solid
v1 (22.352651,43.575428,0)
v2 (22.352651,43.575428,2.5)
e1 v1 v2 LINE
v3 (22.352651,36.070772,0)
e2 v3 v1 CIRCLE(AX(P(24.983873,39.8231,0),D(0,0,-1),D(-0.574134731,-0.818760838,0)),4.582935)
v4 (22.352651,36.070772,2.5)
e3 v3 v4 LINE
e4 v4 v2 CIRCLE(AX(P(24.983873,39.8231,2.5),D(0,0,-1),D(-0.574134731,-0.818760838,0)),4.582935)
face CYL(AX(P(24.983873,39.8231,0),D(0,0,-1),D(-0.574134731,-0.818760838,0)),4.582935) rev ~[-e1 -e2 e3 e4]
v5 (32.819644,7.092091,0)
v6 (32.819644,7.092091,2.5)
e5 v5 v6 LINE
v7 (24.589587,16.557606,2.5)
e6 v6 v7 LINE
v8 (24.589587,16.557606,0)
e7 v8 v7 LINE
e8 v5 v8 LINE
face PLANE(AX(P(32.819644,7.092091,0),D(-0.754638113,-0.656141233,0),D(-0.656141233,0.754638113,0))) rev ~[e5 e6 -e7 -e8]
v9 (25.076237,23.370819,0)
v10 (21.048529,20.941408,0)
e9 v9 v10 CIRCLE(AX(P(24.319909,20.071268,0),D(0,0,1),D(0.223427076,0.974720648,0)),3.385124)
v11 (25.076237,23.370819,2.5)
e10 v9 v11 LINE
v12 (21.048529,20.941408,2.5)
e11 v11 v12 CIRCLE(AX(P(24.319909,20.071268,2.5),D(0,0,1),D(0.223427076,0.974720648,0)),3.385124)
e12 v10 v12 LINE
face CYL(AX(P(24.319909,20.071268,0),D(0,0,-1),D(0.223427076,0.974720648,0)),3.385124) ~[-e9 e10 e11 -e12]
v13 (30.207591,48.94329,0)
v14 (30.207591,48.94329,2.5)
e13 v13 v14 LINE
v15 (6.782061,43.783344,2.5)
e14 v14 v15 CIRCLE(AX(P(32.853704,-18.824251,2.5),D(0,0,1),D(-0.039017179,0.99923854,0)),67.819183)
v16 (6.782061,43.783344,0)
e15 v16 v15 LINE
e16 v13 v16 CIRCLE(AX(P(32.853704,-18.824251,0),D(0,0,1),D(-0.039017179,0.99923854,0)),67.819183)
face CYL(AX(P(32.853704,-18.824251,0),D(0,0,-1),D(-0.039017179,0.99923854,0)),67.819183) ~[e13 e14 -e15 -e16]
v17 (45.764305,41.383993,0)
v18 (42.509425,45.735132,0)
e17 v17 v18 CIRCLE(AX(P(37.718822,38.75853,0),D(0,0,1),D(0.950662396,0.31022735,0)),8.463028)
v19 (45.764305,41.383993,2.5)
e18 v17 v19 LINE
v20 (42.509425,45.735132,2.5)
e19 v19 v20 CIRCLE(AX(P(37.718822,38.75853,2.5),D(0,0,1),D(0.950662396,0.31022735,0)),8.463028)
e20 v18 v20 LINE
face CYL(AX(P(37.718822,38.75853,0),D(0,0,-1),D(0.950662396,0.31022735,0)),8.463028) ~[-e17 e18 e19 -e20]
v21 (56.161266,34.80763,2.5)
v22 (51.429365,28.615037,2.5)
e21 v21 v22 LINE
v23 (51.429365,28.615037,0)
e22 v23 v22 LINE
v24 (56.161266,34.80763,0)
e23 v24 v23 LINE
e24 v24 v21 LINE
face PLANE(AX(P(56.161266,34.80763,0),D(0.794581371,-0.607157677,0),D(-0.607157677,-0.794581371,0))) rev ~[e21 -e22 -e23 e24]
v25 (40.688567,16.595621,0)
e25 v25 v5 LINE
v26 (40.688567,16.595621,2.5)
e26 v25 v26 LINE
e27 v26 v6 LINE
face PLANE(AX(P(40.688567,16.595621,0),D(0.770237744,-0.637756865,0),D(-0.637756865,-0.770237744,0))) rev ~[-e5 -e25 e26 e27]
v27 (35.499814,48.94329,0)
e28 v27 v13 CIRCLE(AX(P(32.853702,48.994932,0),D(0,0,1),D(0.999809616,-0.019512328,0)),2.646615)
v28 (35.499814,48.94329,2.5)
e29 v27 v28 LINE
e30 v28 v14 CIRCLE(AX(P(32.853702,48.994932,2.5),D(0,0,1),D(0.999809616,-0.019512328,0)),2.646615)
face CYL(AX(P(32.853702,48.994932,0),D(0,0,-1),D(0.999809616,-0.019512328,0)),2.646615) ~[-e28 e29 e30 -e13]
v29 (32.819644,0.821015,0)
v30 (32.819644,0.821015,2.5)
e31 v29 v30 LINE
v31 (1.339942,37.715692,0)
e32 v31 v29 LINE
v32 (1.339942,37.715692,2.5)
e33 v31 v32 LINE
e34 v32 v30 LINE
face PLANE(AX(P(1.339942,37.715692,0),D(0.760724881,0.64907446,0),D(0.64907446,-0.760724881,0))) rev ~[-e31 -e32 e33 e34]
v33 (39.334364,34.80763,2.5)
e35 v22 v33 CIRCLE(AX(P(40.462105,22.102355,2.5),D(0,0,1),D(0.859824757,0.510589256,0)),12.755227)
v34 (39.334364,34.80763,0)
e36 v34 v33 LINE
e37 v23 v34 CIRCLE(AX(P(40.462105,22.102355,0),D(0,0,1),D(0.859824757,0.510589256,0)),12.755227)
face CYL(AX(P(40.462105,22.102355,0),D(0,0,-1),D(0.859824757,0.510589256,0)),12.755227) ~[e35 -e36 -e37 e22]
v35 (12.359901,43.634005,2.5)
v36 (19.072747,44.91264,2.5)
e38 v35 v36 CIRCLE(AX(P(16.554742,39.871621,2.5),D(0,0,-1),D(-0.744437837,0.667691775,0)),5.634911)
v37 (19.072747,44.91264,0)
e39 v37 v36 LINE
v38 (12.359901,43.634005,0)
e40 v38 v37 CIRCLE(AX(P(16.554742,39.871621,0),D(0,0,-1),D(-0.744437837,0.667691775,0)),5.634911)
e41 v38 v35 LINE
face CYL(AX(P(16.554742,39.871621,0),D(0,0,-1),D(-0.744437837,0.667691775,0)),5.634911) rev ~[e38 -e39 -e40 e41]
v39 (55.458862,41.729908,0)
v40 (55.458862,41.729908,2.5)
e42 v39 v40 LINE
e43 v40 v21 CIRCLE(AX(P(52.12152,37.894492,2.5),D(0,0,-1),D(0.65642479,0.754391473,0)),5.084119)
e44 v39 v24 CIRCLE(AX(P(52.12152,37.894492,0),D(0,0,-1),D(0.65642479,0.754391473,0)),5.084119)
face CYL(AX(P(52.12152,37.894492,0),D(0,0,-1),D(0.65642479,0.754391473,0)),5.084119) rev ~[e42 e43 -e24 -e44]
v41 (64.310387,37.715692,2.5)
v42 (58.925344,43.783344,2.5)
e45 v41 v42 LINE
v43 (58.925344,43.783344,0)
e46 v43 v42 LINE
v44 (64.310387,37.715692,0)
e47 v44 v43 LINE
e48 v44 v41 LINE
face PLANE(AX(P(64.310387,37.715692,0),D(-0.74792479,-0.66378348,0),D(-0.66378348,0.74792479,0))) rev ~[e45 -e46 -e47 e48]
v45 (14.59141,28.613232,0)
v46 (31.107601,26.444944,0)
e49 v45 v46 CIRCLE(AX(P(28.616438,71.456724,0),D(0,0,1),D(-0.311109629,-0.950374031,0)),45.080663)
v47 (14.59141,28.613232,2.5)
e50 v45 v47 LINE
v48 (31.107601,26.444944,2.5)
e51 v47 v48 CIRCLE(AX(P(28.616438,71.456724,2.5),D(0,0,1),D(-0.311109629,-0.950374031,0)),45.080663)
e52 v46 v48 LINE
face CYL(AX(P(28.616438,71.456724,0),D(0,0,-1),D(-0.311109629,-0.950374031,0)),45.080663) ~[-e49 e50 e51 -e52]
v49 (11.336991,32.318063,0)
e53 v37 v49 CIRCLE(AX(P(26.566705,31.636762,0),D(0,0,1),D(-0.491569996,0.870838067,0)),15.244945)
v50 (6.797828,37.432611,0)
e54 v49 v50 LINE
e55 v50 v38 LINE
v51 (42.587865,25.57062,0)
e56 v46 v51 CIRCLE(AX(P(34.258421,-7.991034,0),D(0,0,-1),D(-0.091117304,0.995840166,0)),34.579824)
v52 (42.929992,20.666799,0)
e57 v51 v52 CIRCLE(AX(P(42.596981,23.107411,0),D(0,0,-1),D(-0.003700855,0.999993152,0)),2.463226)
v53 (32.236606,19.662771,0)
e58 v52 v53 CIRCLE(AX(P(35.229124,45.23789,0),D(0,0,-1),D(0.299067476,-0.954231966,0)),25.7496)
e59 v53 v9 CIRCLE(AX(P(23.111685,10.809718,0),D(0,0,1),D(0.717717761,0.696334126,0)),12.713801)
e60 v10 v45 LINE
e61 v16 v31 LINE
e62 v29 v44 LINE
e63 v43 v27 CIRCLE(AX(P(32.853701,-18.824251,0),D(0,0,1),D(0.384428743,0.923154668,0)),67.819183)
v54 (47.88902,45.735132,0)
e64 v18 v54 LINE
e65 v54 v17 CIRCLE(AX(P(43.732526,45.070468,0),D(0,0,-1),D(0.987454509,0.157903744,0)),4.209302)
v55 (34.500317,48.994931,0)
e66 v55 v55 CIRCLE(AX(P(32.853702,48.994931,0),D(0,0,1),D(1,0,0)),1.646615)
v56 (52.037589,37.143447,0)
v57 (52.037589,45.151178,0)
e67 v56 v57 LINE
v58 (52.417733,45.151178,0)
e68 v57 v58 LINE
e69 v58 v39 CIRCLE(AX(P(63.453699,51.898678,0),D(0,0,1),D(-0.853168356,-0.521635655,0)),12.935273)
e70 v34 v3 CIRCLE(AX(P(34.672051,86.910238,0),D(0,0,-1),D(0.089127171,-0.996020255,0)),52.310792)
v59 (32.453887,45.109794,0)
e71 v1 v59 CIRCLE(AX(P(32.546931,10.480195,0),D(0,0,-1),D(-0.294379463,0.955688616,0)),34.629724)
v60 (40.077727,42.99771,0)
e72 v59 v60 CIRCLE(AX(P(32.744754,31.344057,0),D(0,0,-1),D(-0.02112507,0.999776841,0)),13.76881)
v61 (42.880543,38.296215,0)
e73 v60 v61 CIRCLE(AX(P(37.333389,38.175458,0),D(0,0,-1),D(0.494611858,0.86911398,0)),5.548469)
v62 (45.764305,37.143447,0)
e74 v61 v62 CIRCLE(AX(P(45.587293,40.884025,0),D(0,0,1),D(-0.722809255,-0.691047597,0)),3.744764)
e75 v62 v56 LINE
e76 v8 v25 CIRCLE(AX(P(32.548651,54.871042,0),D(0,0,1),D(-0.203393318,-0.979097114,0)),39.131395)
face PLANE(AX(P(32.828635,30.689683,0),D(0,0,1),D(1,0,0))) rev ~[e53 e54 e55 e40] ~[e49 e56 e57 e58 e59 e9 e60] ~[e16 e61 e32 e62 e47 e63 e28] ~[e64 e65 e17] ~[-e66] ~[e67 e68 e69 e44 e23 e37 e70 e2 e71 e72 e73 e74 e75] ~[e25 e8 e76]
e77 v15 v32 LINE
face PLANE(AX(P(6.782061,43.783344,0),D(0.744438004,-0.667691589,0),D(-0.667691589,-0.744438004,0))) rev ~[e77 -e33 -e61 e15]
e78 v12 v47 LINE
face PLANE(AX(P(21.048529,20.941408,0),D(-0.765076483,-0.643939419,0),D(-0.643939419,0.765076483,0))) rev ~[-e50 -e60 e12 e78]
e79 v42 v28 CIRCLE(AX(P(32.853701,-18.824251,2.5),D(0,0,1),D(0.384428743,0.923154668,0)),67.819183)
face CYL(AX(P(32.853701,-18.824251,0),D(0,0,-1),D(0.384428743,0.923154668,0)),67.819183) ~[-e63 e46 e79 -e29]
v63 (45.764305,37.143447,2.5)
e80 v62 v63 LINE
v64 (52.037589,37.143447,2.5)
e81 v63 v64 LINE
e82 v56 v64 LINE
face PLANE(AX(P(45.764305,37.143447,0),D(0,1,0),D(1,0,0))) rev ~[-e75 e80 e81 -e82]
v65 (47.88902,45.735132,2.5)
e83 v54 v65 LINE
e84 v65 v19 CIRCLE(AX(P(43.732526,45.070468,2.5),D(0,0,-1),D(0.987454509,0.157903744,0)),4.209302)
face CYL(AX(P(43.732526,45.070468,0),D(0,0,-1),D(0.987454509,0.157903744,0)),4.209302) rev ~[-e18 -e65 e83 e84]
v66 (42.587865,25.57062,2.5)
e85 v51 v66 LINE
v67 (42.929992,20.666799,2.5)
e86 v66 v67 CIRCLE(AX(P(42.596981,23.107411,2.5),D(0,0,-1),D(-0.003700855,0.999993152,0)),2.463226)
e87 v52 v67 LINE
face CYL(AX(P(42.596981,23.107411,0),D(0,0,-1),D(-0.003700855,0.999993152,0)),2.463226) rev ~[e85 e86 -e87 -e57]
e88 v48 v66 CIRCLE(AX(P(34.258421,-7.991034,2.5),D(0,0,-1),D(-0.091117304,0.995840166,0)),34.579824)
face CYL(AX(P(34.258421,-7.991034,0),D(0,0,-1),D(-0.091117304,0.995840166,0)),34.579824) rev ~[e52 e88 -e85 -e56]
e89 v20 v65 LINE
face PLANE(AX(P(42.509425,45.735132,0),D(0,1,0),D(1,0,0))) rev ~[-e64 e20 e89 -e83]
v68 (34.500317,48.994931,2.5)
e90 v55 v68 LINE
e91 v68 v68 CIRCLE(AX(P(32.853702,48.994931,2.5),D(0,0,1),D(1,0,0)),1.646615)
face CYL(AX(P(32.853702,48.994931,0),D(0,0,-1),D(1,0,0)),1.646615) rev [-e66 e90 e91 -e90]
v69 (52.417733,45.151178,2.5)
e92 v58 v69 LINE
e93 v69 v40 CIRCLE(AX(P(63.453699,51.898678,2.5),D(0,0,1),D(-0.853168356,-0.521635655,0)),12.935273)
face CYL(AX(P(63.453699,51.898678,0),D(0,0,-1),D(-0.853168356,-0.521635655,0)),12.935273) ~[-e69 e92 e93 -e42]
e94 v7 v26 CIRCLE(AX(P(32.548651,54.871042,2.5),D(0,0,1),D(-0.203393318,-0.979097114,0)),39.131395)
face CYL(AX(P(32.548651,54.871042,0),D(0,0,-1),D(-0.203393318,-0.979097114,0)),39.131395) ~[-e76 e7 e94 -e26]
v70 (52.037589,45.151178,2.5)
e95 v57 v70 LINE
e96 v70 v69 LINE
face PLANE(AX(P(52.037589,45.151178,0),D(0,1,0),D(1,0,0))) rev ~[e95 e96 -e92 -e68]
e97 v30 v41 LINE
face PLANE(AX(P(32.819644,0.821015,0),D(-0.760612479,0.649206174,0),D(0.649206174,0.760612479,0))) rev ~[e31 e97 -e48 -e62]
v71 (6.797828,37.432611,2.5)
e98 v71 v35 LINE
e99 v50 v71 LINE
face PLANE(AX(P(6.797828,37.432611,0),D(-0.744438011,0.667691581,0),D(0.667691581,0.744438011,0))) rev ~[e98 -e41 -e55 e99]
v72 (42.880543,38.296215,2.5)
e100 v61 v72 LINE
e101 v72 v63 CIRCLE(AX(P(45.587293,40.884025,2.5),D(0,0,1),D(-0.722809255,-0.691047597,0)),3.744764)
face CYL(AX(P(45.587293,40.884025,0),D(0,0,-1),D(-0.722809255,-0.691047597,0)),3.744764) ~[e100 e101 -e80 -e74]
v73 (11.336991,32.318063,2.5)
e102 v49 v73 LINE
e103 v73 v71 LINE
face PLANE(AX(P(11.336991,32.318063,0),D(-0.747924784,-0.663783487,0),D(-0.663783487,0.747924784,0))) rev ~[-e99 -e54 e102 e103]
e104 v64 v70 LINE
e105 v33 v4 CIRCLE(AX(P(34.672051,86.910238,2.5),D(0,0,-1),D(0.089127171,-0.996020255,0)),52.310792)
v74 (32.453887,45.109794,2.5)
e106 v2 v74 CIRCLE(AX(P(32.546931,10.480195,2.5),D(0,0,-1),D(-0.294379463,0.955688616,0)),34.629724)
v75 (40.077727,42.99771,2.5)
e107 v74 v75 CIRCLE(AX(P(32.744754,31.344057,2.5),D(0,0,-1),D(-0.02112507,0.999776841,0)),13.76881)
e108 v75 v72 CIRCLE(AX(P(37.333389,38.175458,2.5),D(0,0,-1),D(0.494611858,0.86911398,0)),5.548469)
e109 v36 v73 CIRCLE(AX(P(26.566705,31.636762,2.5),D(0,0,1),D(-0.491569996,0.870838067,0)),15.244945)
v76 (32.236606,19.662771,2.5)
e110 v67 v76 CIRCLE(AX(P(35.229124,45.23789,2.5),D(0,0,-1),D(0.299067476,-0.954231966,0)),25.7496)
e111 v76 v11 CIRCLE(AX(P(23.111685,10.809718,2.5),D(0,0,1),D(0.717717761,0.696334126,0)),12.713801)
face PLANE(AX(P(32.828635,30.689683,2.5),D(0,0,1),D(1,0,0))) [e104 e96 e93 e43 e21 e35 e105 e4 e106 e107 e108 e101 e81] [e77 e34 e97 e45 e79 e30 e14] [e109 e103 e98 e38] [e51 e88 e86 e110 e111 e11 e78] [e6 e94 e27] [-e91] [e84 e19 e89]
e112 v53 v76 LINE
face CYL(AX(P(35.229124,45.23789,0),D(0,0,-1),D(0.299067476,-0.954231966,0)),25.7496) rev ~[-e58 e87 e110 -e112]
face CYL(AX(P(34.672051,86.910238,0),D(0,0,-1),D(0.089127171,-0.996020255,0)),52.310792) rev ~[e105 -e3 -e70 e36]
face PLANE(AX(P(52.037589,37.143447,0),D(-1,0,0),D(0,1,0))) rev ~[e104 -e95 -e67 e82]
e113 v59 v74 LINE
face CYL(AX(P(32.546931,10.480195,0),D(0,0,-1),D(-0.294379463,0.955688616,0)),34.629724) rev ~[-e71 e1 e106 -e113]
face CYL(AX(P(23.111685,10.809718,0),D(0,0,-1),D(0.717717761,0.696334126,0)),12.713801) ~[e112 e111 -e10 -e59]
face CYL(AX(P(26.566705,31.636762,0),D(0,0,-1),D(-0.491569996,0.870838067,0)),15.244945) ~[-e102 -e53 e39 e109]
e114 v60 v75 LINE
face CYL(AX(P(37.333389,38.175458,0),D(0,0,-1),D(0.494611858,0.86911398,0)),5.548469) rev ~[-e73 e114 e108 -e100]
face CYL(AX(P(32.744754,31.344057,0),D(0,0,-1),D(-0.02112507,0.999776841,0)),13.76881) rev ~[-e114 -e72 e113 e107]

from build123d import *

# Parameters (mm, degrees)
F0_R     = 1.646615
F1_DEPTH = 2.5


with BuildPart() as f1:
    # F0 (on Top) → F1 (new body)
    with BuildSketch(Plane.XY):
        with BuildLine():
            Line((6.782061, 43.783344), (1.339942, 37.715692))
            Line((1.339942, 37.715692), (32.819644, 0.821015))
            Line((32.819644, 0.821015), (64.310387, 37.715692))
            Line((64.310387, 37.715692), (58.925344, 43.783344))
            ThreePointArc((58.925344, 43.783344), (47.44252, 47.407221), (35.499814, 48.94329))
            ThreePointArc((35.499814, 48.94329), (32.853702, 51.641547), (30.207591, 48.94329))
            ThreePointArc((30.207591, 48.94329), (18.264885, 47.407221), (6.782061, 43.783344))
        make_face()
        with BuildLine():
            Line((32.819644, 7.092091), (24.589587, 16.557606))
            ThreePointArc((24.589587, 16.557606), (32.641053, 15.739756), (40.688567, 16.595621))
            Line((40.688567, 16.595621), (32.819644, 7.092091))
        make_face(mode=Mode.SUBTRACT)
        with BuildLine():
            Line((21.048529, 20.941408), (14.59141, 28.613232))
            ThreePointArc((14.59141, 28.613232), (22.748484, 26.759595), (31.107601, 26.444944))
            ThreePointArc((31.107601, 26.444944), (36.884377, 26.48894), (42.587865, 25.57062))
            ThreePointArc((42.587865, 25.57062), (45.054234, 23.278847), (42.929992, 20.666799))
            ThreePointArc((42.929992, 20.666799), (37.63623, 19.601047), (32.236606, 19.662771))
            ThreePointArc((32.236606, 19.662771), (28.95818, 22.099502), (25.076237, 23.370819))
            ThreePointArc((25.076237, 23.370819), (22.571515, 22.969921), (21.048529, 20.941408))
        make_face(mode=Mode.SUBTRACT)
        with BuildLine():
            Line((6.797828, 37.432611), (12.359901, 43.634005))
            ThreePointArc((12.359901, 43.634005), (15.500384, 45.407012), (19.072747, 44.91264))
            ThreePointArc((19.072747, 44.91264), (13.576433, 39.615558), (11.336991, 32.318063))
            Line((11.336991, 32.318063), (6.797828, 37.432611))
        make_face(mode=Mode.SUBTRACT)
        with BuildLine():
            ThreePointArc((40.077727, 42.99771), (42.099228, 41.016634), (42.880543, 38.296215))
            ThreePointArc((42.880543, 38.296215), (44.197288, 37.406793), (45.764305, 37.143447))
            Line((45.764305, 37.143447), (52.037589, 37.143447))
            Line((52.037589, 37.143447), (52.037589, 45.151178))
            Line((52.037589, 45.151178), (52.417733, 45.151178))
            ThreePointArc((52.417733, 45.151178), (53.785755, 43.30495), (55.458862, 41.729908))
            ThreePointArc((55.458862, 41.729908), (57.179666, 38.407743), (56.161266, 34.80763))
            Line((56.161266, 34.80763), (51.429365, 28.615037))
            ThreePointArc((51.429365, 28.615037), (46.275115, 33.455977), (39.334364, 34.80763))
            ThreePointArc((39.334364, 34.80763), (30.791764, 34.74356), (22.352651, 36.070772))
            ThreePointArc((22.352651, 36.070772), (20.400938, 39.8231), (22.352651, 43.575428))
            ThreePointArc((22.352651, 43.575428), (27.346371, 44.717192), (32.453887, 45.109794))
            ThreePointArc((32.453887, 45.109794), (36.420763, 44.613084), (40.077727, 42.99771))
        make_face(mode=Mode.SUBTRACT)
        with BuildLine():
            Line((42.509425, 45.735132), (47.88902, 45.735132))
            ThreePointArc((47.88902, 45.735132), (47.514957, 43.22346), (45.764305, 41.383993))
            ThreePointArc((45.764305, 41.383993), (44.495575, 43.827896), (42.509425, 45.735132))
        make_face(mode=Mode.SUBTRACT)
        with Locations((32.853702, 48.994931)):
            Circle(F0_R, mode=Mode.SUBTRACT)
    extrude(amount=F1_DEPTH)


solid = f1.part
